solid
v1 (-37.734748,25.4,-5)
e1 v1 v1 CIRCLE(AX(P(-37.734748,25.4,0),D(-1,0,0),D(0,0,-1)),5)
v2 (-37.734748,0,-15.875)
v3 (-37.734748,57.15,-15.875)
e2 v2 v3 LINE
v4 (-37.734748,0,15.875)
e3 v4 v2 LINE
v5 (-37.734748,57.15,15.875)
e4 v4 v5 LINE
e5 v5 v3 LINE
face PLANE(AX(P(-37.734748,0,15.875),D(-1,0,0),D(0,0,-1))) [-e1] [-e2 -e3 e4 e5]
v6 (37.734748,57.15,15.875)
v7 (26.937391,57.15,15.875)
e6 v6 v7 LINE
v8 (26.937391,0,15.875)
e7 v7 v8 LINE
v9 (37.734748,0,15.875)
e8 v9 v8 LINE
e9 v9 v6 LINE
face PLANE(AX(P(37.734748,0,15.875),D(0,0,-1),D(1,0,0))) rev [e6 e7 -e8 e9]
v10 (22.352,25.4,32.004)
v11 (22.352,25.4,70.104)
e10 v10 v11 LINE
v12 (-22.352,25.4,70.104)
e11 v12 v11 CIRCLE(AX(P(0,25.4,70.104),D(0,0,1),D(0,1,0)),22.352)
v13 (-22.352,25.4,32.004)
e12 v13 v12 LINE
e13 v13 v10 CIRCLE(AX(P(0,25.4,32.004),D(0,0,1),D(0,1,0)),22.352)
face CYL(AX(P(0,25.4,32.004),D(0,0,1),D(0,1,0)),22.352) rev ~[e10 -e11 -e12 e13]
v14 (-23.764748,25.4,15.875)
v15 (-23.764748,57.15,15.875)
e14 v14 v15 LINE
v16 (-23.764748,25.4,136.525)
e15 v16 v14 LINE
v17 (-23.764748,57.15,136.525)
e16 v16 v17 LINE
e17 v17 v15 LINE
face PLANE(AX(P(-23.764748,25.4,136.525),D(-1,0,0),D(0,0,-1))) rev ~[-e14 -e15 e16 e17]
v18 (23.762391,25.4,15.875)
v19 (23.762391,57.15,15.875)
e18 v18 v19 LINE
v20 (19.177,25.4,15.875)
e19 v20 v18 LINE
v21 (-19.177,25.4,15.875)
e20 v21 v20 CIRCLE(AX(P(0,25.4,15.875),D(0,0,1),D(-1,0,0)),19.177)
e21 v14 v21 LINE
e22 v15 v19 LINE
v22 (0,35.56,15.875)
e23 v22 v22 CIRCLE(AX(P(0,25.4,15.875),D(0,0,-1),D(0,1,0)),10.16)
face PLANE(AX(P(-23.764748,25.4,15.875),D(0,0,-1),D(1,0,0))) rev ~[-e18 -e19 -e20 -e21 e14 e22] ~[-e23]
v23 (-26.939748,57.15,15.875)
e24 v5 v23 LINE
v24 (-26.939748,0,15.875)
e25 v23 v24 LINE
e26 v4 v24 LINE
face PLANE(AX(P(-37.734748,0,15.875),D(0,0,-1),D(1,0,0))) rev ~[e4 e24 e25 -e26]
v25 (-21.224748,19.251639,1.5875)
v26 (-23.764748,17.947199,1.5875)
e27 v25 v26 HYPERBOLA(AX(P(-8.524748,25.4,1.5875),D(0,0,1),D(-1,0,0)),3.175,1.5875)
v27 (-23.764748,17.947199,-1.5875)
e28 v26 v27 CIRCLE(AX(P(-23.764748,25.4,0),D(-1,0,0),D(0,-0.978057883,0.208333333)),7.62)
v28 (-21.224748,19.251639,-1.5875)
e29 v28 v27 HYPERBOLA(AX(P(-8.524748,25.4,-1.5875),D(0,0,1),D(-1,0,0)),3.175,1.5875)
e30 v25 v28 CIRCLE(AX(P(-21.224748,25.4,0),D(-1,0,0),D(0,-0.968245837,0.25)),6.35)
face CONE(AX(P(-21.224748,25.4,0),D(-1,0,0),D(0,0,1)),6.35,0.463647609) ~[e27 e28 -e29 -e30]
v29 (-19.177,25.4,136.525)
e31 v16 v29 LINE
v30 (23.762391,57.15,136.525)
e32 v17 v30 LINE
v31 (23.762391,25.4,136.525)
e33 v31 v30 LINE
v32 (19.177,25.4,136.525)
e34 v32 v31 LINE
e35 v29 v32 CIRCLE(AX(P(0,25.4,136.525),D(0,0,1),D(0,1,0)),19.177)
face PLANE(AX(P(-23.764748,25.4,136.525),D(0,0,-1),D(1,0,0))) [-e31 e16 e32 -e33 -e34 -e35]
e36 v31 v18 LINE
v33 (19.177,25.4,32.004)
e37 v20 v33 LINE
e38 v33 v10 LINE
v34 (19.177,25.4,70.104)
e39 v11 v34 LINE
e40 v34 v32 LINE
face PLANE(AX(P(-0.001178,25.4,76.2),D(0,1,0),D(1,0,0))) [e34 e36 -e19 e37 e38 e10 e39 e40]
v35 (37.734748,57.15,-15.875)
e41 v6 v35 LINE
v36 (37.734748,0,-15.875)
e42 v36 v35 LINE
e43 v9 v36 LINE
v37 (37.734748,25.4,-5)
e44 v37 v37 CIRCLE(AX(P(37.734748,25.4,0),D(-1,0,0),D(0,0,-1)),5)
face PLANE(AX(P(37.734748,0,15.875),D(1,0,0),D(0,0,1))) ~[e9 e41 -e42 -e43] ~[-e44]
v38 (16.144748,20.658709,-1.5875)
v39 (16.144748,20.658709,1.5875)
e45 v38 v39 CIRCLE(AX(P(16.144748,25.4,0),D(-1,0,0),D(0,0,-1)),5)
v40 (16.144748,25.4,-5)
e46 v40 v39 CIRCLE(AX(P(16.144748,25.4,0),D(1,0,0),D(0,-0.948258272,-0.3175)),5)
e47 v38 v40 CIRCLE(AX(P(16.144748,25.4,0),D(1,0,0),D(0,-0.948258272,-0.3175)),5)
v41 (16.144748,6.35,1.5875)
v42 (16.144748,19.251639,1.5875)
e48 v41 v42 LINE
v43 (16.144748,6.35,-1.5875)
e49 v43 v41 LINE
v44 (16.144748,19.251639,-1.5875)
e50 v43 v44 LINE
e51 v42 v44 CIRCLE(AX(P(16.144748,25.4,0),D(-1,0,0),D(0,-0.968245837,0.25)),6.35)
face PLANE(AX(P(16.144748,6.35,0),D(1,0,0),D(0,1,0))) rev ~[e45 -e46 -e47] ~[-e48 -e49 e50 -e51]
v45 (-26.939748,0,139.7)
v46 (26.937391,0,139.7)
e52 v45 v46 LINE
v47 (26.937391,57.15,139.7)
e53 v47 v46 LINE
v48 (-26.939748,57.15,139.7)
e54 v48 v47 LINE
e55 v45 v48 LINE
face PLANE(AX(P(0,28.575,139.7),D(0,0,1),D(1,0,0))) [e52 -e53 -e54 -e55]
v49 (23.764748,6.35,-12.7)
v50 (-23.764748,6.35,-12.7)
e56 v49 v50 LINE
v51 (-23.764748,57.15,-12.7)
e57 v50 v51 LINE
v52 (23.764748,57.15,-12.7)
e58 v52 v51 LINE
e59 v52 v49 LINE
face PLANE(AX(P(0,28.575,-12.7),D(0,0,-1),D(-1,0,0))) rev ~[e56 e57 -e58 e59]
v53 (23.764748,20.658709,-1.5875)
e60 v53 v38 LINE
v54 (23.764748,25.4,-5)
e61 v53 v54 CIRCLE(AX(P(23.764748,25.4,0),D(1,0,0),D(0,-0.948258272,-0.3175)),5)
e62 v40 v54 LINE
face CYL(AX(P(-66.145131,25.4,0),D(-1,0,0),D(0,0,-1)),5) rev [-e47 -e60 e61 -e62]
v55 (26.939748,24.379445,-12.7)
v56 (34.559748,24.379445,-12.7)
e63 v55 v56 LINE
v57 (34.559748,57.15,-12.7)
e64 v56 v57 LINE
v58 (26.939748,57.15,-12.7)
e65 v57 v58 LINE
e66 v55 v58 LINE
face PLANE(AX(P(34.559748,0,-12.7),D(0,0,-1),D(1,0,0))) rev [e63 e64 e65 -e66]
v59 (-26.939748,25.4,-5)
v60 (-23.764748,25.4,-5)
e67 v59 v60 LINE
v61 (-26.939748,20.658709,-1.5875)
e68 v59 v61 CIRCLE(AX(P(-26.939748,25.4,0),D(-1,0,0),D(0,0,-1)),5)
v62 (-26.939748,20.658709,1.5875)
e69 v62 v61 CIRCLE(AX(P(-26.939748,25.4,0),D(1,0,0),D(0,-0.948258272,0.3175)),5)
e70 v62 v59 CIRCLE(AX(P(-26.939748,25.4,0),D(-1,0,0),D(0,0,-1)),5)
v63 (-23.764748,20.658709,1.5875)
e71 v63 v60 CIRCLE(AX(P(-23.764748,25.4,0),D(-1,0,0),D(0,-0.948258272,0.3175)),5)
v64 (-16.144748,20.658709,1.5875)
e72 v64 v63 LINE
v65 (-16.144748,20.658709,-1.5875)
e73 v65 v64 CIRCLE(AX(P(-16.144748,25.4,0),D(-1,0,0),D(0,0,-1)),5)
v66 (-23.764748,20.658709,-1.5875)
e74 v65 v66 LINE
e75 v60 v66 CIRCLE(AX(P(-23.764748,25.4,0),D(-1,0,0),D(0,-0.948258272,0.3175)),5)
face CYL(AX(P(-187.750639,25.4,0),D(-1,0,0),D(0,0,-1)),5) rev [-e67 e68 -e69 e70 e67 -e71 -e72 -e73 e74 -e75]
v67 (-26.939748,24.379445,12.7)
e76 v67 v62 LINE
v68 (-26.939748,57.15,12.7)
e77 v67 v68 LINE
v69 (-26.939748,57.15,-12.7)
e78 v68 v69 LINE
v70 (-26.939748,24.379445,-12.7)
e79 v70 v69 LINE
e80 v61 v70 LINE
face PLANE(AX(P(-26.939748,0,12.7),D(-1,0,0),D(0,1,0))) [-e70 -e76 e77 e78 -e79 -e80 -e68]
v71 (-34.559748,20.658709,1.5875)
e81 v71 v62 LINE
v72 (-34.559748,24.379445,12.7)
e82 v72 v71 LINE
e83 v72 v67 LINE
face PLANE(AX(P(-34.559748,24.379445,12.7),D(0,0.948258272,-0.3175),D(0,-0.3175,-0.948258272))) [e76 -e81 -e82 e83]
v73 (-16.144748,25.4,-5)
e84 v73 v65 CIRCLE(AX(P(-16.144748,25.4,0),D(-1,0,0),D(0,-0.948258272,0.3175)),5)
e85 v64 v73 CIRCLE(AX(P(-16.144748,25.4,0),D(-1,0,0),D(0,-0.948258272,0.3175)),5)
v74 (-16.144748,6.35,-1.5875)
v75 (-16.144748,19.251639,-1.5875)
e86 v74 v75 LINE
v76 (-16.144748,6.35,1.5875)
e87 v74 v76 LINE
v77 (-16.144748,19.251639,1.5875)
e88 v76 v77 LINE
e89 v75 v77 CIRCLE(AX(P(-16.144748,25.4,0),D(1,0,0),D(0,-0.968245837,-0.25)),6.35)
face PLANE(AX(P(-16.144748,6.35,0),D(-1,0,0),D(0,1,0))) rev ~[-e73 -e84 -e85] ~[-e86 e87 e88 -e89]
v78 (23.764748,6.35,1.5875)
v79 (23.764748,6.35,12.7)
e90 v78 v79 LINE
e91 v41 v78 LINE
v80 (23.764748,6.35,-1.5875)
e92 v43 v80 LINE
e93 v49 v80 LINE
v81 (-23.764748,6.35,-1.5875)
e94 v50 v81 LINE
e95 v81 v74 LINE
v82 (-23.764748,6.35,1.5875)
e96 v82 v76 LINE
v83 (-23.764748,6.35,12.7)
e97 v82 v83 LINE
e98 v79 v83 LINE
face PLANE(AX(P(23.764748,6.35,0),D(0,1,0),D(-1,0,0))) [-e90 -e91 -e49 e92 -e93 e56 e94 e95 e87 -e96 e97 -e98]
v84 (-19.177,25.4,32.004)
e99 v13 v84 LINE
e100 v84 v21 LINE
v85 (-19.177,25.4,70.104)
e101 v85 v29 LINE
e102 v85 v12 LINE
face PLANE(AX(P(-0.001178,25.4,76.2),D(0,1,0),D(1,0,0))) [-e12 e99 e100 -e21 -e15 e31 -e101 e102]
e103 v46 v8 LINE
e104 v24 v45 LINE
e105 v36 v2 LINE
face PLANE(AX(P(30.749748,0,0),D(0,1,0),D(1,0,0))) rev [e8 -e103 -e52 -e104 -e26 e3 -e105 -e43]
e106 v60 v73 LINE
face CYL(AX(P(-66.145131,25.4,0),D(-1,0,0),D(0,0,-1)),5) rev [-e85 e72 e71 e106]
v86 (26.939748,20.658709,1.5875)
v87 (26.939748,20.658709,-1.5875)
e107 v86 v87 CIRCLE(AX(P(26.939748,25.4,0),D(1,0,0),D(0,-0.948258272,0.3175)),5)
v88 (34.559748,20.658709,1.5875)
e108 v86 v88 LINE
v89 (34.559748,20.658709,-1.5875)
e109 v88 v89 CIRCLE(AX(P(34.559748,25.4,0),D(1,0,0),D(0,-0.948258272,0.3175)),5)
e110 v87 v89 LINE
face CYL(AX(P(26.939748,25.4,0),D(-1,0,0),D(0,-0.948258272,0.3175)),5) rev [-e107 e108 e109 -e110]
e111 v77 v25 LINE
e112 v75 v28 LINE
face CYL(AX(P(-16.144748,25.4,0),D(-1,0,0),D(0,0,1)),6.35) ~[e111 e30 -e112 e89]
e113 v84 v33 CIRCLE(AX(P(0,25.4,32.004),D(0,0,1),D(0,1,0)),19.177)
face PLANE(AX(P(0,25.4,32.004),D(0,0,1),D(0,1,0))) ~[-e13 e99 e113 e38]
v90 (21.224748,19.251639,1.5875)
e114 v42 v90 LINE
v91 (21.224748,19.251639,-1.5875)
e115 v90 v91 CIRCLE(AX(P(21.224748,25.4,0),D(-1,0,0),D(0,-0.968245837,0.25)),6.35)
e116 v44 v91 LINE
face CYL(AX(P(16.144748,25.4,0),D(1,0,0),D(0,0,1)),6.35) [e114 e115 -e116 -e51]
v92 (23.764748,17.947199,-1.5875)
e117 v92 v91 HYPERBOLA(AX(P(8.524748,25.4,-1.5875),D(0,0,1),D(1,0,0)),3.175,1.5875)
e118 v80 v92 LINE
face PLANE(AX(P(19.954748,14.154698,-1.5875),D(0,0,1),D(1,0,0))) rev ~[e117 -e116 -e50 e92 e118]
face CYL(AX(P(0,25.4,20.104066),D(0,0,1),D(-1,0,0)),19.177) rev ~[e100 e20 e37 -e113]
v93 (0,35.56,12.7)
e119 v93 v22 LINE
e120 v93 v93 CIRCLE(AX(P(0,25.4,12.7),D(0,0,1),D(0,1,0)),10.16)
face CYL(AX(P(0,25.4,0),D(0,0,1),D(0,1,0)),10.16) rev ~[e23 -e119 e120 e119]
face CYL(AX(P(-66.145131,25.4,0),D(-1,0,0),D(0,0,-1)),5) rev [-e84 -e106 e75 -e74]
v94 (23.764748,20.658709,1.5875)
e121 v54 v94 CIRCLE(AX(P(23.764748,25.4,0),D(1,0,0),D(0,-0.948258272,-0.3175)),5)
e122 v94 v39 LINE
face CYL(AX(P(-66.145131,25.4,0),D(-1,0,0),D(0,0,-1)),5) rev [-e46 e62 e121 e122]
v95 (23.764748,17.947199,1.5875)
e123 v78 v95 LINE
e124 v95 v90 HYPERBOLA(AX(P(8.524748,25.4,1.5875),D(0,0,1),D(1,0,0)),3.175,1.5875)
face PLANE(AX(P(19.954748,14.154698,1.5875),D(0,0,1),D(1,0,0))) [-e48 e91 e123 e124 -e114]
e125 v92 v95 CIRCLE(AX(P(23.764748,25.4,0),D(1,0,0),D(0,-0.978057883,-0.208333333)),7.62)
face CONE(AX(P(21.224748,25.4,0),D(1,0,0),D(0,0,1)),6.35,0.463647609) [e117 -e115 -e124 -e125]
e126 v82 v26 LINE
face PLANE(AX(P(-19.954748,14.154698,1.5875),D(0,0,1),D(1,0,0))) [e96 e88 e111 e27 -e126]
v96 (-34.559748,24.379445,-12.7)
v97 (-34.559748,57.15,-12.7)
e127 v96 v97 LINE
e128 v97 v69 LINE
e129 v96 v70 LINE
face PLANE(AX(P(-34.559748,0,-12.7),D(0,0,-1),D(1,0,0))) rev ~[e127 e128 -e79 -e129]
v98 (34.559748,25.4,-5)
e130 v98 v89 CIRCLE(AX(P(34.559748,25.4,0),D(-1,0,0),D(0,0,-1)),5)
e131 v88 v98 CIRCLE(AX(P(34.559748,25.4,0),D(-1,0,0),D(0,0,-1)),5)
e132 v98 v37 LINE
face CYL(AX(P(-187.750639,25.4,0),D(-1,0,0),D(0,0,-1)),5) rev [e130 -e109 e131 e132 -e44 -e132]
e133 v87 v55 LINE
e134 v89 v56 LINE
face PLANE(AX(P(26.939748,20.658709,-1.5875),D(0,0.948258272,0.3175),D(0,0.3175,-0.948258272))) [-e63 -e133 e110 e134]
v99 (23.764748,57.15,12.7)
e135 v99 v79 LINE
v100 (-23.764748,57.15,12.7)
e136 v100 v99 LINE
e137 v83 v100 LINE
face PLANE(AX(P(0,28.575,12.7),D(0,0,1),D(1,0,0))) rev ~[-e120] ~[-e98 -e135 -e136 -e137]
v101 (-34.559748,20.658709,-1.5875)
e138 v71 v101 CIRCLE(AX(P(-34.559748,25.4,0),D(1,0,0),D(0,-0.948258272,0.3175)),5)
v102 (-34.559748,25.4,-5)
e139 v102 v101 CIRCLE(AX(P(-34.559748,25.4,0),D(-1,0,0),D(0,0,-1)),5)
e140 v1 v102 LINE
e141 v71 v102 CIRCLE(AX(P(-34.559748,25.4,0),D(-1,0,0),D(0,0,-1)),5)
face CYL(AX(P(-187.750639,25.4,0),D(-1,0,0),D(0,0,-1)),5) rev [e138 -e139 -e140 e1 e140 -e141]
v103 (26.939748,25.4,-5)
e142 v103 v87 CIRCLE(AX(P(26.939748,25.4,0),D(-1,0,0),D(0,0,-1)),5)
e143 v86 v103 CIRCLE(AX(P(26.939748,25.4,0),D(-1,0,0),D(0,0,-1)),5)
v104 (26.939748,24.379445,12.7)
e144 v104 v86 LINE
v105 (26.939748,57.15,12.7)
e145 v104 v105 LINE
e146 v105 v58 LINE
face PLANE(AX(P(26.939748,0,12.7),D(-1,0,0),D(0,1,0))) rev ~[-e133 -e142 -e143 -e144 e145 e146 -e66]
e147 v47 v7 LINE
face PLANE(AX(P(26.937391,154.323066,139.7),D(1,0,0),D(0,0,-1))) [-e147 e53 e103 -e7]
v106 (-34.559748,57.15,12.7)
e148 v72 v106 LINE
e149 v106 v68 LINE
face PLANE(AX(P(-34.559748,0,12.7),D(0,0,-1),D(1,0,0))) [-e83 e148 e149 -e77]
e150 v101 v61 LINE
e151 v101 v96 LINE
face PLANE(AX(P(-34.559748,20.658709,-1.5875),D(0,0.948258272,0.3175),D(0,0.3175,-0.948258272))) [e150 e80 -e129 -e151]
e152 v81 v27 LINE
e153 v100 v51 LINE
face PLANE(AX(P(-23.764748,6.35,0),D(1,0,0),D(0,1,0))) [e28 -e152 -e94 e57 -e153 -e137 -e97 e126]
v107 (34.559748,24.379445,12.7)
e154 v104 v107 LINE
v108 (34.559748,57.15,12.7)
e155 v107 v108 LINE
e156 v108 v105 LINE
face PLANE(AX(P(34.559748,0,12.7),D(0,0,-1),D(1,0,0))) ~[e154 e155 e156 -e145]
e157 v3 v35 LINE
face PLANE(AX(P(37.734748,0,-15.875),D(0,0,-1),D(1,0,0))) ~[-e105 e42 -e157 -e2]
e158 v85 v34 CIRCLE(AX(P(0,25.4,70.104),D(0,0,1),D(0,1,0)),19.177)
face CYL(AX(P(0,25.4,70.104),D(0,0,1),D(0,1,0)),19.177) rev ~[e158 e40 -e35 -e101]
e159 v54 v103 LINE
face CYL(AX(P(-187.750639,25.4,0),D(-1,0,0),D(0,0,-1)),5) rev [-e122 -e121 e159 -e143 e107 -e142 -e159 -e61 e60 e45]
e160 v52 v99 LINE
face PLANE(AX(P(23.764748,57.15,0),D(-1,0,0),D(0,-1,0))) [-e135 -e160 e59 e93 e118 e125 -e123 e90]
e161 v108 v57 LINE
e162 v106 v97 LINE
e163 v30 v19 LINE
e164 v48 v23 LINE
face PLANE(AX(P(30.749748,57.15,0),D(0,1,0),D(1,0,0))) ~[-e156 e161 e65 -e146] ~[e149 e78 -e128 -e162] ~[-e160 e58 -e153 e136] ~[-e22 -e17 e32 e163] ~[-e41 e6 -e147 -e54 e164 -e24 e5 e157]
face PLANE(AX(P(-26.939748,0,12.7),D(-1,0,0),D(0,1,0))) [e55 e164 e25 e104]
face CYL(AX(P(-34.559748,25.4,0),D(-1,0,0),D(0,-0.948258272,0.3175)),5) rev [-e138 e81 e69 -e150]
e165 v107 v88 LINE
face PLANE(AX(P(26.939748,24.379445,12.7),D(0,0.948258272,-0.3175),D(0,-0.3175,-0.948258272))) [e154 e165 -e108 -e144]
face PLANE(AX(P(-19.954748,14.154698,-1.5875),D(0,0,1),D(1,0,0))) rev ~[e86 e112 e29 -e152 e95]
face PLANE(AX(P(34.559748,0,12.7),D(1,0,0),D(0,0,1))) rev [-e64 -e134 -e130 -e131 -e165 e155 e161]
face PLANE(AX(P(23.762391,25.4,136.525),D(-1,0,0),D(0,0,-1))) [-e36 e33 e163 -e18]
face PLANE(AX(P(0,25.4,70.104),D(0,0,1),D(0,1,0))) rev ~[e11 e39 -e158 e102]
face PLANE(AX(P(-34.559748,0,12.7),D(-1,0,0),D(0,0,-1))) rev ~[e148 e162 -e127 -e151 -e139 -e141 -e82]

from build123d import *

# Parameters (mm, degrees)
BOSS_EXTRUDE1_DEPTH      = 12.7
SKETCH2_W                = 53.879496
SKETCH2_H                = 57.15
BOSS_EXTRUDE2_DEPTH      = 3.175
CUT_EXTRUDE2_DEPTH       = 66.145131417
CUT_EXTRUDE2_DEPTH_BACK  = 66.145131417
SKETCH3_R                = 5
SKETCH5_W                = 53.879496
SKETCH5_H                = 25.4
SKETCH5_R                = 3.4925
BOSS_EXTRUDE3_DEPTH      = 6.35
SKETCH7_W                = 7.62
SKETCH7_H                = 15.609396712
BOSS_EXTRUDE7_DEPTH      = 1.5875
SKETCH8_W                = 53.879496
SKETCH8_H                = 57.15
BOSS_EXTRUDE8_DEPTH      = 127
CUT_EXTRUDE7_DEPTH       = 154.323065852
CUT_EXTRUDE7_DEPTH_BACK  = 154.323065852
SKETCH13_W               = 0.002356984
SKETCH13_H               = 124.229061331
CUT_EXTRUDE8_START       = -31.75
SKETCH14_W               = 47.527139016
SKETCH14_H               = 120.65
CUT_EXTRUDE8_DEPTH       = 31.75
CUT_EXTRUDE9_DEPTH       = 4.229066359
SKETCH16_W               = 53.879496
SKETCH16_H               = 25.4
CUT_EXTRUDE10_DEPTH      = 152.071109158
SKETCH18_W               = 13.97
SKETCH18_H               = 31.75
SKETCH18_W_2             = 7.62
SKETCH18_H_2             = 25.4
BOSS_EXTRUDE10_DEPTH     = 57.15
BOSS_EXTRUDE11_START     = -34.559748
BOSS_EXTRUDE11_DEPTH     = 7.62
BOSS_EXTRUDE12_START     = 26.939748
BOSS_EXTRUDE12_DEPTH     = 7.62
CUT_EXTRUDE11_DEPTH      = 163.985890519
CUT_EXTRUDE11_DEPTH_BACK = 163.985890519
SKETCH20_R               = 5


with BuildPart() as part:
    # Sketch1 → Boss-Extrude1 (new, symmetric)
    with BuildSketch(Plane.XY):
        Polygon((-26.939748, 0), (26.939748, 0), (26.939748, 6.35), (26.939748, 57.15), (23.764748, 57.15), (23.764748, 6.35), (-23.764748, 6.35), (-23.764748, 57.15), (-26.939748, 57.15), (-26.939748, 6.35), align=None)
    extrude(amount=BOSS_EXTRUDE1_DEPTH, both=True)

    # Sketch2 → Boss-Extrude2 (add)
    with BuildSketch(Plane(origin=(0, 0, -12.7), x_dir=(-1, 0, 0), z_dir=(0, 0, -1))):
        with Locations((0, 28.575)):
            Rectangle(SKETCH2_W, SKETCH2_H)
    extrude(amount=BOSS_EXTRUDE2_DEPTH)

    # Sketch6 → Revolve2 (revolve)
    with BuildSketch(Plane.XY, mode=Mode.PRIVATE) as revolve2_sk:
        Polygon((-23.764748, 25.4), (-16.144748, 25.4), (-16.144748, 31.75), (-21.224748, 31.75), (-23.764748, 33.02), align=None)
        Polygon((23.764748, 33.02), (23.764748, 25.4), (16.144748, 25.4), (16.144748, 31.75), (21.224748, 31.75), align=None)
    revolve(revolve2_sk.sketch.rotate(Axis((-23.764748, 25.4, 0), (1, 0, 0)), 90), axis=Axis((-23.764748, 25.4, 0), (1, 0, 0)))

    # Sketch3 → Cut-Extrude2 (cut, two sides: drawn at the far end of the back side and taken through both)
    with BuildSketch(Plane(origin=(0, 0, 0), x_dir=(0, 0, -1), z_dir=(1, 0, 0)).offset(-CUT_EXTRUDE2_DEPTH_BACK)):
        with Locations((0, 25.4)):
            Circle(SKETCH3_R)
    extrude(amount=CUT_EXTRUDE2_DEPTH + CUT_EXTRUDE2_DEPTH_BACK, mode=Mode.SUBTRACT)

    # Sketch5 → Boss-Extrude3 (add)
    with BuildSketch(Plane.XZ):
        with Locations((0, -28.575)):
            Rectangle(SKETCH5_W, SKETCH5_H)
        with Locations(Location((7.889748, -28.575, 0), (0, 0, 270))):
            Circle(SKETCH5_R, mode=Mode.SUBTRACT)
        with Locations(Location((-17.510252, -28.575, 0), (0, 0, 270))):
            Circle(SKETCH5_R, mode=Mode.SUBTRACT)
    extrude(amount=-BOSS_EXTRUDE3_DEPTH)

    # Sketch7 → Boss-Extrude7 (add, symmetric)
    with BuildSketch(Plane.XY):
        with Locations((-19.954748, 14.154698356)):
            Rectangle(SKETCH7_W, SKETCH7_H)
        with Locations((19.954748, 14.154698356)):
            Rectangle(SKETCH7_W, SKETCH7_H)
    extrude(amount=BOSS_EXTRUDE7_DEPTH, both=True)

    # Sketch8 → Boss-Extrude8 (add)
    with BuildSketch(Plane.XY.offset(12.7)):
        with Locations((0, 28.575)):
            Rectangle(SKETCH8_W, SKETCH8_H)
    extrude(amount=BOSS_EXTRUDE8_DEPTH)

    # Sketch9 → Cut-Revolve1 (revolve, cut)
    with BuildSketch(Plane(origin=(0, 0, 0), x_dir=(0, 0, -1), z_dir=(1, 0, 0))):
        Polygon((-70.104, 47.752), (-70.104, 44.577), (-136.525, 44.577), (-136.525, 25.4), (-70.104, 25.4), (0, 25.4), (0, 35.56), (-20.104066359, 35.56), (-20.104066359, 44.577), (-32.004, 44.577), (-32.004, 47.752), align=None)
    revolve(axis=Axis((0, 25.4, 0), (0, 0, 1)), mode=Mode.SUBTRACT)

    # Sketch13 → Cut-Extrude7 (cut, two sides: drawn at the far end of the back side and taken through both)
    with BuildSketch(Plane(origin=(0, 0, 0), x_dir=(-1, 0, 0), z_dir=(0, -1, 0)).offset(-CUT_EXTRUDE7_DEPTH_BACK)):
        with Locations((26.940926492, -77.585469335)):
            Rectangle(SKETCH13_W, SKETCH13_H)
        with Locations((-26.938569508, -77.585469335)):
            Rectangle(SKETCH13_W, SKETCH13_H)
    extrude(amount=CUT_EXTRUDE7_DEPTH + CUT_EXTRUDE7_DEPTH_BACK, mode=Mode.SUBTRACT)

    # Sketch14 → Cut-Extrude8 (cut)
    with BuildSketch(Plane(origin=(0, 57.15, 0), x_dir=(1, 0, 0), z_dir=(0, 1, 0)).offset(CUT_EXTRUDE8_START)):
        with Locations((-0.001178492, -76.2)):
            Rectangle(SKETCH14_W, SKETCH14_H)
    extrude(amount=CUT_EXTRUDE8_DEPTH, mode=Mode.SUBTRACT)

    # Sketch15 → Cut-Extrude9 (cut)
    with BuildSketch(Plane.XY.offset(20.104066359)):
        with BuildLine():
            Line((-10.16, 25.4), (-19.177, 25.4))
            ThreePointArc((-19.177, 25.4), (0, 6.223), (19.177, 25.4))
            Line((19.177, 25.4), (10.16, 25.4))
            ThreePointArc((10.16, 25.4), (0, 15.24), (-10.16, 25.4))
        make_face()
    extrude(amount=-CUT_EXTRUDE9_DEPTH, mode=Mode.SUBTRACT)

    # Sketch16 → Cut-Extrude10 (cut, through all)
    with BuildSketch(Plane(origin=(0, 6.35, 0), x_dir=(1, 0, 0), z_dir=(0, 1, 0))):
        with Locations((0, 28.575)):
            Rectangle(SKETCH16_W, SKETCH16_H)
    extrude(amount=-CUT_EXTRUDE10_DEPTH, mode=Mode.SUBTRACT)

    # Sketch18 → Boss-Extrude10 (add)
    with BuildSketch(Plane(origin=(0, 0, 0), x_dir=(1, 0, 0), z_dir=(0, 1, 0))):
        with Locations((-30.749748, 0)):
            Rectangle(SKETCH18_W, SKETCH18_H)
        with Locations((-30.749748, 0)):
            Rectangle(SKETCH18_W_2, SKETCH18_H_2, mode=Mode.SUBTRACT)
    boss_extrude10 = extrude(amount=BOSS_EXTRUDE10_DEPTH)

    # Sketch19 → Boss-Extrude11 (add)
    with BuildSketch(Plane(origin=(0, 0, 0), x_dir=(0, 0, -1), z_dir=(1, 0, 0)).offset(BOSS_EXTRUDE11_START)):
        with BuildLine():
            Line((1.5875, 20.658708641), (12.7, 24.379444705))
            Line((12.7, 24.379444705), (12.7, 0))
            Line((12.7, 0), (-12.7, 0))
            Line((-12.7, 0), (-12.7, 24.379444705))
            Line((-12.7, 24.379444705), (-1.5875, 20.658708641))
            ThreePointArc((-1.5875, 20.658708641), (0, 20.4), (1.5875, 20.658708641))
        make_face()
    extrude(amount=BOSS_EXTRUDE11_DEPTH)

    # Mirror4: Boss-Extrude10 across plane
    add(boss_extrude10.mirror(Plane(origin=(0, 0, 0), x_dir=(0, 0, 1), z_dir=(1, 0, 0))))

    # Sketch19<2> → Boss-Extrude12 (add)
    with BuildSketch(Plane(origin=(0, 0, 0), x_dir=(0, 0, -1), z_dir=(1, 0, 0)).offset(BOSS_EXTRUDE12_START)):
        with BuildLine():
            Line((1.5875, 20.658708641), (12.7, 24.379444705))
            Line((12.7, 24.379444705), (12.7, 0))
            Line((12.7, 0), (-12.7, 0))
            Line((-12.7, 0), (-12.7, 24.379444705))
            Line((-12.7, 24.379444705), (-1.5875, 20.658708641))
            ThreePointArc((-1.5875, 20.658708641), (0, 20.4), (1.5875, 20.658708641))
        make_face()
    extrude(amount=BOSS_EXTRUDE12_DEPTH)

    # Sketch20 → Cut-Extrude11 (cut, two sides: drawn at the far end of the back side and taken through both)
    with BuildSketch(Plane(origin=(-23.764748, 0, 0), x_dir=(0, 0, -1), z_dir=(1, 0, 0)).offset(-CUT_EXTRUDE11_DEPTH_BACK)):
        with Locations((0, 25.4)):
            Circle(SKETCH20_R)
    extrude(amount=CUT_EXTRUDE11_DEPTH + CUT_EXTRUDE11_DEPTH_BACK, mode=Mode.SUBTRACT)


solid = part.part
